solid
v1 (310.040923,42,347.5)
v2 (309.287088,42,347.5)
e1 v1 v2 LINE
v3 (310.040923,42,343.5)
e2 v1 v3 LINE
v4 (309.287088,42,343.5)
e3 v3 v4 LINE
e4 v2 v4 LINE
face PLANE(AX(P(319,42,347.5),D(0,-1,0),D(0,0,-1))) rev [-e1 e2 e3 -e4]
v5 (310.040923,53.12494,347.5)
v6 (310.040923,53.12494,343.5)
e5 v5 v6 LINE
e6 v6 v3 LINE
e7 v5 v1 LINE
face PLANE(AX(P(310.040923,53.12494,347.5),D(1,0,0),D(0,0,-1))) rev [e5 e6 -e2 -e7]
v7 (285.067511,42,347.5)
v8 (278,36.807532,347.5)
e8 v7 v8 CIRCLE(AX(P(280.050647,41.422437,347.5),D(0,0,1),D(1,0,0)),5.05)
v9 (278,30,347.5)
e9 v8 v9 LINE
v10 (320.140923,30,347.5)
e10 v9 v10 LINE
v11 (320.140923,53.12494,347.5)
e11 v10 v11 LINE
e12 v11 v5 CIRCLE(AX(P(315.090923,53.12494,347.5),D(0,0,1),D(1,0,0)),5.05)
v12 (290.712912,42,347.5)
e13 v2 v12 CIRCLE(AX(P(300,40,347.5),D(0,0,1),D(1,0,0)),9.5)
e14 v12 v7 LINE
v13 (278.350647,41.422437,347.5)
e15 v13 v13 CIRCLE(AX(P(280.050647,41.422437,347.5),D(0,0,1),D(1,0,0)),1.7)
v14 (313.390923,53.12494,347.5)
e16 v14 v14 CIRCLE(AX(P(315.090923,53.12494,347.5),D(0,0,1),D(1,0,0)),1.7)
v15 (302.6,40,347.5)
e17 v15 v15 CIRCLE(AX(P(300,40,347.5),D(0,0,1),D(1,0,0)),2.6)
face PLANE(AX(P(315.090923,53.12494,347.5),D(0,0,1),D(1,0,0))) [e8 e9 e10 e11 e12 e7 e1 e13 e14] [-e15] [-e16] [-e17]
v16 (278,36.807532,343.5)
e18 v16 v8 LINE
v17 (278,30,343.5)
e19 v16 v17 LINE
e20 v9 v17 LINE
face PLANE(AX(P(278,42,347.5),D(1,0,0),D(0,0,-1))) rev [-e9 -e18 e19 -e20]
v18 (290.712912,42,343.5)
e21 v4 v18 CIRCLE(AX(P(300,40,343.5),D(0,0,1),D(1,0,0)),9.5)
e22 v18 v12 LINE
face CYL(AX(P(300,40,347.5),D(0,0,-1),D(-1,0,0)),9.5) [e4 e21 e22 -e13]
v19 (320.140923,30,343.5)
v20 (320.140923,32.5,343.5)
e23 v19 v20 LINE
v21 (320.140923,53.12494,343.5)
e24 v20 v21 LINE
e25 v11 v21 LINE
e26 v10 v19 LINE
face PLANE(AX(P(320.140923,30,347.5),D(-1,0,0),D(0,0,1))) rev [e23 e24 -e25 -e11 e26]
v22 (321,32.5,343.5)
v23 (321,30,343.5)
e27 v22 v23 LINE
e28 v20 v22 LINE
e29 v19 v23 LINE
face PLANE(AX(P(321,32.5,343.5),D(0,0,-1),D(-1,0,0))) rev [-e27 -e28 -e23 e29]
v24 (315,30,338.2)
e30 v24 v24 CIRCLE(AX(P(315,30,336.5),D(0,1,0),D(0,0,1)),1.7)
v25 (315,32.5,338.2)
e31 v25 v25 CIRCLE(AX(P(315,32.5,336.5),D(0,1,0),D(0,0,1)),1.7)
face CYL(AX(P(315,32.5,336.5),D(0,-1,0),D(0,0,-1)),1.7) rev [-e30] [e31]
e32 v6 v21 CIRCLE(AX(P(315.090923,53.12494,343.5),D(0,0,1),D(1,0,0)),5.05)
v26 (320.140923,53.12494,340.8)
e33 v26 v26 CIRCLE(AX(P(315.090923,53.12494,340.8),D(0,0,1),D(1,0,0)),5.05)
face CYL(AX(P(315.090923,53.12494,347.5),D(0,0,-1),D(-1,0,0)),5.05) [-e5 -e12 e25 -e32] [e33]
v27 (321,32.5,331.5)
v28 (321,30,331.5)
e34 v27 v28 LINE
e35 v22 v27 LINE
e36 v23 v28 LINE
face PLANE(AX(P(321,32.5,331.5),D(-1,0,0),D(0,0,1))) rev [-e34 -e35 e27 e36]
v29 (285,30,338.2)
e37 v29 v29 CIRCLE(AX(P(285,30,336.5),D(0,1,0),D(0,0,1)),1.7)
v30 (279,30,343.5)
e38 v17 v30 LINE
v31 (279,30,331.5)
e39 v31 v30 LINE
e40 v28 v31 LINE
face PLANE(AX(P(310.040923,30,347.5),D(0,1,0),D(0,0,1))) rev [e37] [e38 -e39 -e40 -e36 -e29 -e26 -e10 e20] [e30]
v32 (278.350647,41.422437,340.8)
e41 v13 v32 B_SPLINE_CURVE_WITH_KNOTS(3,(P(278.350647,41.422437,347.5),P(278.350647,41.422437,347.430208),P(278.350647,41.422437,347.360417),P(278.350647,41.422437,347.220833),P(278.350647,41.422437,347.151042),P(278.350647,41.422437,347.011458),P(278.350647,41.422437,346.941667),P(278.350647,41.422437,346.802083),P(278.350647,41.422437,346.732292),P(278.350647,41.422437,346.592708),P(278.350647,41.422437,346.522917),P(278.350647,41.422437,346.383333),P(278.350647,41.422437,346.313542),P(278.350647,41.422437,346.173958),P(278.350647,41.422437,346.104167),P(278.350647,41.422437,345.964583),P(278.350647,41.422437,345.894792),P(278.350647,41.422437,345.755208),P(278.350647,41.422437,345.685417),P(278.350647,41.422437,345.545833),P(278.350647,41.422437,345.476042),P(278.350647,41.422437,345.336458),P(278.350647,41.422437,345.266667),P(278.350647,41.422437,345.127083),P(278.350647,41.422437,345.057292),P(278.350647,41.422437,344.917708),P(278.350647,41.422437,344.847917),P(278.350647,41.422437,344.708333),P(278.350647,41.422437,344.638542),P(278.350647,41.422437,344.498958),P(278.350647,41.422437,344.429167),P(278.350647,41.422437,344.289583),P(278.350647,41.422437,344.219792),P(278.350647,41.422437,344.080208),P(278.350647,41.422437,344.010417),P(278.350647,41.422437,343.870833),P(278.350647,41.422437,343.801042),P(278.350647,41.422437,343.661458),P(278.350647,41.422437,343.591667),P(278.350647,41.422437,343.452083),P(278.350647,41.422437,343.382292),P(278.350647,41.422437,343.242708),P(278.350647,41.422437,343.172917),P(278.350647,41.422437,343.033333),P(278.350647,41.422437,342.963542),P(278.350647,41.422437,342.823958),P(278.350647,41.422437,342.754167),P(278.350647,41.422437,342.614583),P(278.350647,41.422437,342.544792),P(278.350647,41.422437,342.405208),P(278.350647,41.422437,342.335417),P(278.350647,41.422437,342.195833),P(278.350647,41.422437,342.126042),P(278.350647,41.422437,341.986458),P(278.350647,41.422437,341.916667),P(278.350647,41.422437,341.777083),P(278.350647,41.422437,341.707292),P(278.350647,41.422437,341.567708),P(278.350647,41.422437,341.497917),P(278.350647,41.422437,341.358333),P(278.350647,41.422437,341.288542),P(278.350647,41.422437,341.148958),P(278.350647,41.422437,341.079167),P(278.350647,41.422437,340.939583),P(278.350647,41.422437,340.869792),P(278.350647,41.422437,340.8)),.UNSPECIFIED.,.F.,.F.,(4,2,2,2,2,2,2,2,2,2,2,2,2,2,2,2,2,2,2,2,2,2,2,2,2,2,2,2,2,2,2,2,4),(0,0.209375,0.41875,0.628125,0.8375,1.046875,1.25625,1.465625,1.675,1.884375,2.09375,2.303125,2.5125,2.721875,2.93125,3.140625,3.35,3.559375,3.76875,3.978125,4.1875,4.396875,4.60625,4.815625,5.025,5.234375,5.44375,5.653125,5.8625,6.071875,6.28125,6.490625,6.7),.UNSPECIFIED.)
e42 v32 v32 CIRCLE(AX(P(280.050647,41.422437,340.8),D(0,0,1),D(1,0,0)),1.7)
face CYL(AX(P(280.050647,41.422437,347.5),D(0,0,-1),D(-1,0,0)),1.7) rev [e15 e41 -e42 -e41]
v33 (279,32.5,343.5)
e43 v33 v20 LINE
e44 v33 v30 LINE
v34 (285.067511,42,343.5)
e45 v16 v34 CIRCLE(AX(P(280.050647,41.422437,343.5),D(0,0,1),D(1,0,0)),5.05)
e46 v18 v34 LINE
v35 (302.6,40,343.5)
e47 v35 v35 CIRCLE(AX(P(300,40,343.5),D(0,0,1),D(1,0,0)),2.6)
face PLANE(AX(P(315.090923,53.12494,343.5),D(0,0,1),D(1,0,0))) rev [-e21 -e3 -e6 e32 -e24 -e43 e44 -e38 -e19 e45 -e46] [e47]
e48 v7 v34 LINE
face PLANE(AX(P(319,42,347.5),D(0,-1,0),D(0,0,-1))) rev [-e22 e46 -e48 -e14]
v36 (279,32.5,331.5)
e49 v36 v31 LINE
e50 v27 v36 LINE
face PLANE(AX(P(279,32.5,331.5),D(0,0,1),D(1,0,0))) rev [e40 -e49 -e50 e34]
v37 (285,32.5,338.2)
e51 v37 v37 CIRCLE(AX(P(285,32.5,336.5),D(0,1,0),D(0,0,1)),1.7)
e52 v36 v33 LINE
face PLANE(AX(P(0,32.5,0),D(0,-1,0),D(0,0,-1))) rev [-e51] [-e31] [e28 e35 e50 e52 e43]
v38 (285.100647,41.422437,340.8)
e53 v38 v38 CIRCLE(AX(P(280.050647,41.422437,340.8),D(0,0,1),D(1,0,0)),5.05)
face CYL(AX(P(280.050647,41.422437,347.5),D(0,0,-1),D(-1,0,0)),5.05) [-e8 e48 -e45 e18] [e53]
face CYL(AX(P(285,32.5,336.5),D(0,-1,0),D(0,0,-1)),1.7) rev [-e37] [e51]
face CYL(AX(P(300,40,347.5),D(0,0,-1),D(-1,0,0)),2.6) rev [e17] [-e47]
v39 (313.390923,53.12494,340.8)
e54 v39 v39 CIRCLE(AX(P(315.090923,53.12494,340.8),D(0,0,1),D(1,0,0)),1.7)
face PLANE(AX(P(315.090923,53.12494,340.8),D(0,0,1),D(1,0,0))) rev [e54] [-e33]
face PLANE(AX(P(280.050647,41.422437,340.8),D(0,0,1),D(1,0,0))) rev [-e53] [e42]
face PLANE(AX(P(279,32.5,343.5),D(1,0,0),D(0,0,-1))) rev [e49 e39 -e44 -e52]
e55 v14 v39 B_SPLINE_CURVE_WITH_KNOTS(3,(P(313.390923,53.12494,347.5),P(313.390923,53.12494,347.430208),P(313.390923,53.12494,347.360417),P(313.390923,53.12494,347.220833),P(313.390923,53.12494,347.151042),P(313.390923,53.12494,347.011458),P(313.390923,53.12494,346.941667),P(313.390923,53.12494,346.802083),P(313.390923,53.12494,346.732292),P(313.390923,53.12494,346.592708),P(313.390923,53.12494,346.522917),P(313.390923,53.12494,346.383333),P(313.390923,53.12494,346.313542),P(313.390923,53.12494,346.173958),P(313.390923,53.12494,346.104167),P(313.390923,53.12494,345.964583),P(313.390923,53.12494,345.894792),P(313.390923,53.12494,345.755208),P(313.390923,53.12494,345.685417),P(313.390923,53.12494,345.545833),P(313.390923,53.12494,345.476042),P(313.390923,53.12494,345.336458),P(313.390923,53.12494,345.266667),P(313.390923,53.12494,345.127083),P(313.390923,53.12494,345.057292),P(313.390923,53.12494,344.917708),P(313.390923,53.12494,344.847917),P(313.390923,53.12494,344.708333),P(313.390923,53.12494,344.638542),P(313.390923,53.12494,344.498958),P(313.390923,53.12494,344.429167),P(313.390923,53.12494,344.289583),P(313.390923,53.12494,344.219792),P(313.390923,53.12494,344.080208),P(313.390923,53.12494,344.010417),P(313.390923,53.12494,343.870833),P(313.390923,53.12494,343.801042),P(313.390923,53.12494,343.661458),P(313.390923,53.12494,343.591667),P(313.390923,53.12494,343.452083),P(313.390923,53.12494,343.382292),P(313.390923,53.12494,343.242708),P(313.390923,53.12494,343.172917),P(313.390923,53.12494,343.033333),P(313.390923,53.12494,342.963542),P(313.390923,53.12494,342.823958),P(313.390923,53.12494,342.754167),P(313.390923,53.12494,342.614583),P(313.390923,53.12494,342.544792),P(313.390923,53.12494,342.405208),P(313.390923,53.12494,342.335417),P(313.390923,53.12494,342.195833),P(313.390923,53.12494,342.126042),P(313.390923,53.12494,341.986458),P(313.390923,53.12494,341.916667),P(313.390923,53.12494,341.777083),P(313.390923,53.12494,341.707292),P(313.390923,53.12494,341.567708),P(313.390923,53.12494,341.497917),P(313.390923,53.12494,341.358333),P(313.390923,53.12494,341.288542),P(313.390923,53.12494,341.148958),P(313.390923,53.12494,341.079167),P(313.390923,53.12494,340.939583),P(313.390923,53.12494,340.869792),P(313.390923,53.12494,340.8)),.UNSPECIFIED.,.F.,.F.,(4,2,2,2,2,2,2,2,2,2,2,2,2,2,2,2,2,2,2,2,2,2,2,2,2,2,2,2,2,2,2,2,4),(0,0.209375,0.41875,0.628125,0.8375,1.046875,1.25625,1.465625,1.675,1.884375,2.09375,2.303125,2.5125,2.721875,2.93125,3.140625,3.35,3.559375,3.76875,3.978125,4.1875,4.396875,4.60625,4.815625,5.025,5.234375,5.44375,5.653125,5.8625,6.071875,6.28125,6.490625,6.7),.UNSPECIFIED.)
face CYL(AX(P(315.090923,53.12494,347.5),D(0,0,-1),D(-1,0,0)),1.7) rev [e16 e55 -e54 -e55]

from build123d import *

# Parameters (mm, degrees)
SKETCH1_W           = 41
SKETCH1_H           = 12
BOSS_EXTRUDE1_DEPTH = 4
SKETCH2_R           = 9.5
SKETCH2_R_2         = 2.6
BOSS_EXTRUDE2_DEPTH = 4
SKETCH3_R           = 5.05
BOSS_EXTRUDE3_DEPTH = 4
SKETCH4_R           = 5.05
BOSS_EXTRUDE4_DEPTH = 4
SKETCH5_W           = 10.1
SKETCH5_H           = 23.124939501
BOSS_EXTRUDE5_DEPTH = 4
SKETCH6_W           = 42
SKETCH6_H           = 12
SKETCH6_R           = 1.7
BOSS_EXTRUDE6_DEPTH = 2.5
SKETCH7_R           = 2.6
CUT_EXTRUDE1_DEPTH  = 4
SKETCH8_R           = 5.05
BOSS_EXTRUDE7_DEPTH = 2.7
SKETCH9_R           = 1.7
CUT_EXTRUDE2_DEPTH  = 6.7


with BuildPart() as part:
    # Sketch1 → Boss-Extrude1 (new body)
    with BuildSketch(Plane.XY.offset(343.5)):
        with Locations((298.5, 36)):
            Rectangle(SKETCH1_W, SKETCH1_H)
    extrude(amount=BOSS_EXTRUDE1_DEPTH)

    # Sketch2 → Boss-Extrude2 (add)
    with BuildSketch(Plane.XY.offset(343.5)):
        with Locations((300, 40)):
            Circle(SKETCH2_R)
        with Locations((300, 40)):
            Circle(SKETCH2_R_2, mode=Mode.SUBTRACT)
    extrude(amount=BOSS_EXTRUDE2_DEPTH)

    # Sketch4 → Boss-Extrude4 (add)
    with BuildSketch(Plane.XY.offset(343.5)):
        with Locations((280.050647312, 41.422437104)):
            Circle(SKETCH4_R)
    extrude(amount=BOSS_EXTRUDE4_DEPTH)



with BuildPart() as body_2:
    # Sketch3 → Boss-Extrude3 (new body)
    with BuildSketch(Plane.XY.offset(343.5)):
        with Locations((315.090923202, 53.124939501)):
            Circle(SKETCH3_R)
    extrude(amount=BOSS_EXTRUDE3_DEPTH)


with BuildPart() as part_1:
    add(part.part)

    add(body_2.part)  # Boss-Extrude5 merges body 2
    # Sketch5 → Boss-Extrude5 (add)
    with BuildSketch(Plane.XY.offset(343.5)):
        with Locations((315.090923202, 41.562469751)):
            Rectangle(SKETCH5_W, SKETCH5_H)
    extrude(amount=BOSS_EXTRUDE5_DEPTH)

    # Sketch6 → Boss-Extrude6 (add)
    with BuildSketch(Plane(origin=(0, 30, 0), x_dir=(1, 0, 0), z_dir=(0, 1, 0))):
        with Locations((300, -337.5)):
            Rectangle(SKETCH6_W, SKETCH6_H)
        with Locations(Location((285, -336.5, 0), (0, 0, 270))):
            Circle(SKETCH6_R, mode=Mode.SUBTRACT)
        with Locations(Location((315, -336.5, 0), (0, 0, 270))):
            Circle(SKETCH6_R, mode=Mode.SUBTRACT)
    extrude(amount=BOSS_EXTRUDE6_DEPTH)

    # Sketch7 → Cut-Extrude1 (cut)
    with BuildSketch(Plane.XY.offset(343.5)):
        with Locations((300, 40)):
            Circle(SKETCH7_R)
    extrude(amount=CUT_EXTRUDE1_DEPTH, mode=Mode.SUBTRACT)

    # Sketch8 → Boss-Extrude7 (add)
    with BuildSketch(Plane.XY.offset(340.8)):
        with Locations((315.090923202, 53.124939501)):
            Circle(SKETCH8_R)
        with Locations(Location((280.050647312, 41.422437104, 0), (0, 0, 246.041880591))):
            Circle(SKETCH8_R)
    extrude(amount=BOSS_EXTRUDE7_DEPTH)

    # Sketch9 → Cut-Extrude2 (cut)
    with BuildSketch(Plane.XY.offset(340.8)):
        with Locations(Location((315.090923202, 53.124939501, 0), (0, 0, 180))):
            Circle(SKETCH9_R)
        with Locations(Location((280.050647312, 41.422437104, 0), (0, 0, 180))):
            Circle(SKETCH9_R)
    extrude(amount=CUT_EXTRUDE2_DEPTH, mode=Mode.SUBTRACT)


solid = part_1.part
